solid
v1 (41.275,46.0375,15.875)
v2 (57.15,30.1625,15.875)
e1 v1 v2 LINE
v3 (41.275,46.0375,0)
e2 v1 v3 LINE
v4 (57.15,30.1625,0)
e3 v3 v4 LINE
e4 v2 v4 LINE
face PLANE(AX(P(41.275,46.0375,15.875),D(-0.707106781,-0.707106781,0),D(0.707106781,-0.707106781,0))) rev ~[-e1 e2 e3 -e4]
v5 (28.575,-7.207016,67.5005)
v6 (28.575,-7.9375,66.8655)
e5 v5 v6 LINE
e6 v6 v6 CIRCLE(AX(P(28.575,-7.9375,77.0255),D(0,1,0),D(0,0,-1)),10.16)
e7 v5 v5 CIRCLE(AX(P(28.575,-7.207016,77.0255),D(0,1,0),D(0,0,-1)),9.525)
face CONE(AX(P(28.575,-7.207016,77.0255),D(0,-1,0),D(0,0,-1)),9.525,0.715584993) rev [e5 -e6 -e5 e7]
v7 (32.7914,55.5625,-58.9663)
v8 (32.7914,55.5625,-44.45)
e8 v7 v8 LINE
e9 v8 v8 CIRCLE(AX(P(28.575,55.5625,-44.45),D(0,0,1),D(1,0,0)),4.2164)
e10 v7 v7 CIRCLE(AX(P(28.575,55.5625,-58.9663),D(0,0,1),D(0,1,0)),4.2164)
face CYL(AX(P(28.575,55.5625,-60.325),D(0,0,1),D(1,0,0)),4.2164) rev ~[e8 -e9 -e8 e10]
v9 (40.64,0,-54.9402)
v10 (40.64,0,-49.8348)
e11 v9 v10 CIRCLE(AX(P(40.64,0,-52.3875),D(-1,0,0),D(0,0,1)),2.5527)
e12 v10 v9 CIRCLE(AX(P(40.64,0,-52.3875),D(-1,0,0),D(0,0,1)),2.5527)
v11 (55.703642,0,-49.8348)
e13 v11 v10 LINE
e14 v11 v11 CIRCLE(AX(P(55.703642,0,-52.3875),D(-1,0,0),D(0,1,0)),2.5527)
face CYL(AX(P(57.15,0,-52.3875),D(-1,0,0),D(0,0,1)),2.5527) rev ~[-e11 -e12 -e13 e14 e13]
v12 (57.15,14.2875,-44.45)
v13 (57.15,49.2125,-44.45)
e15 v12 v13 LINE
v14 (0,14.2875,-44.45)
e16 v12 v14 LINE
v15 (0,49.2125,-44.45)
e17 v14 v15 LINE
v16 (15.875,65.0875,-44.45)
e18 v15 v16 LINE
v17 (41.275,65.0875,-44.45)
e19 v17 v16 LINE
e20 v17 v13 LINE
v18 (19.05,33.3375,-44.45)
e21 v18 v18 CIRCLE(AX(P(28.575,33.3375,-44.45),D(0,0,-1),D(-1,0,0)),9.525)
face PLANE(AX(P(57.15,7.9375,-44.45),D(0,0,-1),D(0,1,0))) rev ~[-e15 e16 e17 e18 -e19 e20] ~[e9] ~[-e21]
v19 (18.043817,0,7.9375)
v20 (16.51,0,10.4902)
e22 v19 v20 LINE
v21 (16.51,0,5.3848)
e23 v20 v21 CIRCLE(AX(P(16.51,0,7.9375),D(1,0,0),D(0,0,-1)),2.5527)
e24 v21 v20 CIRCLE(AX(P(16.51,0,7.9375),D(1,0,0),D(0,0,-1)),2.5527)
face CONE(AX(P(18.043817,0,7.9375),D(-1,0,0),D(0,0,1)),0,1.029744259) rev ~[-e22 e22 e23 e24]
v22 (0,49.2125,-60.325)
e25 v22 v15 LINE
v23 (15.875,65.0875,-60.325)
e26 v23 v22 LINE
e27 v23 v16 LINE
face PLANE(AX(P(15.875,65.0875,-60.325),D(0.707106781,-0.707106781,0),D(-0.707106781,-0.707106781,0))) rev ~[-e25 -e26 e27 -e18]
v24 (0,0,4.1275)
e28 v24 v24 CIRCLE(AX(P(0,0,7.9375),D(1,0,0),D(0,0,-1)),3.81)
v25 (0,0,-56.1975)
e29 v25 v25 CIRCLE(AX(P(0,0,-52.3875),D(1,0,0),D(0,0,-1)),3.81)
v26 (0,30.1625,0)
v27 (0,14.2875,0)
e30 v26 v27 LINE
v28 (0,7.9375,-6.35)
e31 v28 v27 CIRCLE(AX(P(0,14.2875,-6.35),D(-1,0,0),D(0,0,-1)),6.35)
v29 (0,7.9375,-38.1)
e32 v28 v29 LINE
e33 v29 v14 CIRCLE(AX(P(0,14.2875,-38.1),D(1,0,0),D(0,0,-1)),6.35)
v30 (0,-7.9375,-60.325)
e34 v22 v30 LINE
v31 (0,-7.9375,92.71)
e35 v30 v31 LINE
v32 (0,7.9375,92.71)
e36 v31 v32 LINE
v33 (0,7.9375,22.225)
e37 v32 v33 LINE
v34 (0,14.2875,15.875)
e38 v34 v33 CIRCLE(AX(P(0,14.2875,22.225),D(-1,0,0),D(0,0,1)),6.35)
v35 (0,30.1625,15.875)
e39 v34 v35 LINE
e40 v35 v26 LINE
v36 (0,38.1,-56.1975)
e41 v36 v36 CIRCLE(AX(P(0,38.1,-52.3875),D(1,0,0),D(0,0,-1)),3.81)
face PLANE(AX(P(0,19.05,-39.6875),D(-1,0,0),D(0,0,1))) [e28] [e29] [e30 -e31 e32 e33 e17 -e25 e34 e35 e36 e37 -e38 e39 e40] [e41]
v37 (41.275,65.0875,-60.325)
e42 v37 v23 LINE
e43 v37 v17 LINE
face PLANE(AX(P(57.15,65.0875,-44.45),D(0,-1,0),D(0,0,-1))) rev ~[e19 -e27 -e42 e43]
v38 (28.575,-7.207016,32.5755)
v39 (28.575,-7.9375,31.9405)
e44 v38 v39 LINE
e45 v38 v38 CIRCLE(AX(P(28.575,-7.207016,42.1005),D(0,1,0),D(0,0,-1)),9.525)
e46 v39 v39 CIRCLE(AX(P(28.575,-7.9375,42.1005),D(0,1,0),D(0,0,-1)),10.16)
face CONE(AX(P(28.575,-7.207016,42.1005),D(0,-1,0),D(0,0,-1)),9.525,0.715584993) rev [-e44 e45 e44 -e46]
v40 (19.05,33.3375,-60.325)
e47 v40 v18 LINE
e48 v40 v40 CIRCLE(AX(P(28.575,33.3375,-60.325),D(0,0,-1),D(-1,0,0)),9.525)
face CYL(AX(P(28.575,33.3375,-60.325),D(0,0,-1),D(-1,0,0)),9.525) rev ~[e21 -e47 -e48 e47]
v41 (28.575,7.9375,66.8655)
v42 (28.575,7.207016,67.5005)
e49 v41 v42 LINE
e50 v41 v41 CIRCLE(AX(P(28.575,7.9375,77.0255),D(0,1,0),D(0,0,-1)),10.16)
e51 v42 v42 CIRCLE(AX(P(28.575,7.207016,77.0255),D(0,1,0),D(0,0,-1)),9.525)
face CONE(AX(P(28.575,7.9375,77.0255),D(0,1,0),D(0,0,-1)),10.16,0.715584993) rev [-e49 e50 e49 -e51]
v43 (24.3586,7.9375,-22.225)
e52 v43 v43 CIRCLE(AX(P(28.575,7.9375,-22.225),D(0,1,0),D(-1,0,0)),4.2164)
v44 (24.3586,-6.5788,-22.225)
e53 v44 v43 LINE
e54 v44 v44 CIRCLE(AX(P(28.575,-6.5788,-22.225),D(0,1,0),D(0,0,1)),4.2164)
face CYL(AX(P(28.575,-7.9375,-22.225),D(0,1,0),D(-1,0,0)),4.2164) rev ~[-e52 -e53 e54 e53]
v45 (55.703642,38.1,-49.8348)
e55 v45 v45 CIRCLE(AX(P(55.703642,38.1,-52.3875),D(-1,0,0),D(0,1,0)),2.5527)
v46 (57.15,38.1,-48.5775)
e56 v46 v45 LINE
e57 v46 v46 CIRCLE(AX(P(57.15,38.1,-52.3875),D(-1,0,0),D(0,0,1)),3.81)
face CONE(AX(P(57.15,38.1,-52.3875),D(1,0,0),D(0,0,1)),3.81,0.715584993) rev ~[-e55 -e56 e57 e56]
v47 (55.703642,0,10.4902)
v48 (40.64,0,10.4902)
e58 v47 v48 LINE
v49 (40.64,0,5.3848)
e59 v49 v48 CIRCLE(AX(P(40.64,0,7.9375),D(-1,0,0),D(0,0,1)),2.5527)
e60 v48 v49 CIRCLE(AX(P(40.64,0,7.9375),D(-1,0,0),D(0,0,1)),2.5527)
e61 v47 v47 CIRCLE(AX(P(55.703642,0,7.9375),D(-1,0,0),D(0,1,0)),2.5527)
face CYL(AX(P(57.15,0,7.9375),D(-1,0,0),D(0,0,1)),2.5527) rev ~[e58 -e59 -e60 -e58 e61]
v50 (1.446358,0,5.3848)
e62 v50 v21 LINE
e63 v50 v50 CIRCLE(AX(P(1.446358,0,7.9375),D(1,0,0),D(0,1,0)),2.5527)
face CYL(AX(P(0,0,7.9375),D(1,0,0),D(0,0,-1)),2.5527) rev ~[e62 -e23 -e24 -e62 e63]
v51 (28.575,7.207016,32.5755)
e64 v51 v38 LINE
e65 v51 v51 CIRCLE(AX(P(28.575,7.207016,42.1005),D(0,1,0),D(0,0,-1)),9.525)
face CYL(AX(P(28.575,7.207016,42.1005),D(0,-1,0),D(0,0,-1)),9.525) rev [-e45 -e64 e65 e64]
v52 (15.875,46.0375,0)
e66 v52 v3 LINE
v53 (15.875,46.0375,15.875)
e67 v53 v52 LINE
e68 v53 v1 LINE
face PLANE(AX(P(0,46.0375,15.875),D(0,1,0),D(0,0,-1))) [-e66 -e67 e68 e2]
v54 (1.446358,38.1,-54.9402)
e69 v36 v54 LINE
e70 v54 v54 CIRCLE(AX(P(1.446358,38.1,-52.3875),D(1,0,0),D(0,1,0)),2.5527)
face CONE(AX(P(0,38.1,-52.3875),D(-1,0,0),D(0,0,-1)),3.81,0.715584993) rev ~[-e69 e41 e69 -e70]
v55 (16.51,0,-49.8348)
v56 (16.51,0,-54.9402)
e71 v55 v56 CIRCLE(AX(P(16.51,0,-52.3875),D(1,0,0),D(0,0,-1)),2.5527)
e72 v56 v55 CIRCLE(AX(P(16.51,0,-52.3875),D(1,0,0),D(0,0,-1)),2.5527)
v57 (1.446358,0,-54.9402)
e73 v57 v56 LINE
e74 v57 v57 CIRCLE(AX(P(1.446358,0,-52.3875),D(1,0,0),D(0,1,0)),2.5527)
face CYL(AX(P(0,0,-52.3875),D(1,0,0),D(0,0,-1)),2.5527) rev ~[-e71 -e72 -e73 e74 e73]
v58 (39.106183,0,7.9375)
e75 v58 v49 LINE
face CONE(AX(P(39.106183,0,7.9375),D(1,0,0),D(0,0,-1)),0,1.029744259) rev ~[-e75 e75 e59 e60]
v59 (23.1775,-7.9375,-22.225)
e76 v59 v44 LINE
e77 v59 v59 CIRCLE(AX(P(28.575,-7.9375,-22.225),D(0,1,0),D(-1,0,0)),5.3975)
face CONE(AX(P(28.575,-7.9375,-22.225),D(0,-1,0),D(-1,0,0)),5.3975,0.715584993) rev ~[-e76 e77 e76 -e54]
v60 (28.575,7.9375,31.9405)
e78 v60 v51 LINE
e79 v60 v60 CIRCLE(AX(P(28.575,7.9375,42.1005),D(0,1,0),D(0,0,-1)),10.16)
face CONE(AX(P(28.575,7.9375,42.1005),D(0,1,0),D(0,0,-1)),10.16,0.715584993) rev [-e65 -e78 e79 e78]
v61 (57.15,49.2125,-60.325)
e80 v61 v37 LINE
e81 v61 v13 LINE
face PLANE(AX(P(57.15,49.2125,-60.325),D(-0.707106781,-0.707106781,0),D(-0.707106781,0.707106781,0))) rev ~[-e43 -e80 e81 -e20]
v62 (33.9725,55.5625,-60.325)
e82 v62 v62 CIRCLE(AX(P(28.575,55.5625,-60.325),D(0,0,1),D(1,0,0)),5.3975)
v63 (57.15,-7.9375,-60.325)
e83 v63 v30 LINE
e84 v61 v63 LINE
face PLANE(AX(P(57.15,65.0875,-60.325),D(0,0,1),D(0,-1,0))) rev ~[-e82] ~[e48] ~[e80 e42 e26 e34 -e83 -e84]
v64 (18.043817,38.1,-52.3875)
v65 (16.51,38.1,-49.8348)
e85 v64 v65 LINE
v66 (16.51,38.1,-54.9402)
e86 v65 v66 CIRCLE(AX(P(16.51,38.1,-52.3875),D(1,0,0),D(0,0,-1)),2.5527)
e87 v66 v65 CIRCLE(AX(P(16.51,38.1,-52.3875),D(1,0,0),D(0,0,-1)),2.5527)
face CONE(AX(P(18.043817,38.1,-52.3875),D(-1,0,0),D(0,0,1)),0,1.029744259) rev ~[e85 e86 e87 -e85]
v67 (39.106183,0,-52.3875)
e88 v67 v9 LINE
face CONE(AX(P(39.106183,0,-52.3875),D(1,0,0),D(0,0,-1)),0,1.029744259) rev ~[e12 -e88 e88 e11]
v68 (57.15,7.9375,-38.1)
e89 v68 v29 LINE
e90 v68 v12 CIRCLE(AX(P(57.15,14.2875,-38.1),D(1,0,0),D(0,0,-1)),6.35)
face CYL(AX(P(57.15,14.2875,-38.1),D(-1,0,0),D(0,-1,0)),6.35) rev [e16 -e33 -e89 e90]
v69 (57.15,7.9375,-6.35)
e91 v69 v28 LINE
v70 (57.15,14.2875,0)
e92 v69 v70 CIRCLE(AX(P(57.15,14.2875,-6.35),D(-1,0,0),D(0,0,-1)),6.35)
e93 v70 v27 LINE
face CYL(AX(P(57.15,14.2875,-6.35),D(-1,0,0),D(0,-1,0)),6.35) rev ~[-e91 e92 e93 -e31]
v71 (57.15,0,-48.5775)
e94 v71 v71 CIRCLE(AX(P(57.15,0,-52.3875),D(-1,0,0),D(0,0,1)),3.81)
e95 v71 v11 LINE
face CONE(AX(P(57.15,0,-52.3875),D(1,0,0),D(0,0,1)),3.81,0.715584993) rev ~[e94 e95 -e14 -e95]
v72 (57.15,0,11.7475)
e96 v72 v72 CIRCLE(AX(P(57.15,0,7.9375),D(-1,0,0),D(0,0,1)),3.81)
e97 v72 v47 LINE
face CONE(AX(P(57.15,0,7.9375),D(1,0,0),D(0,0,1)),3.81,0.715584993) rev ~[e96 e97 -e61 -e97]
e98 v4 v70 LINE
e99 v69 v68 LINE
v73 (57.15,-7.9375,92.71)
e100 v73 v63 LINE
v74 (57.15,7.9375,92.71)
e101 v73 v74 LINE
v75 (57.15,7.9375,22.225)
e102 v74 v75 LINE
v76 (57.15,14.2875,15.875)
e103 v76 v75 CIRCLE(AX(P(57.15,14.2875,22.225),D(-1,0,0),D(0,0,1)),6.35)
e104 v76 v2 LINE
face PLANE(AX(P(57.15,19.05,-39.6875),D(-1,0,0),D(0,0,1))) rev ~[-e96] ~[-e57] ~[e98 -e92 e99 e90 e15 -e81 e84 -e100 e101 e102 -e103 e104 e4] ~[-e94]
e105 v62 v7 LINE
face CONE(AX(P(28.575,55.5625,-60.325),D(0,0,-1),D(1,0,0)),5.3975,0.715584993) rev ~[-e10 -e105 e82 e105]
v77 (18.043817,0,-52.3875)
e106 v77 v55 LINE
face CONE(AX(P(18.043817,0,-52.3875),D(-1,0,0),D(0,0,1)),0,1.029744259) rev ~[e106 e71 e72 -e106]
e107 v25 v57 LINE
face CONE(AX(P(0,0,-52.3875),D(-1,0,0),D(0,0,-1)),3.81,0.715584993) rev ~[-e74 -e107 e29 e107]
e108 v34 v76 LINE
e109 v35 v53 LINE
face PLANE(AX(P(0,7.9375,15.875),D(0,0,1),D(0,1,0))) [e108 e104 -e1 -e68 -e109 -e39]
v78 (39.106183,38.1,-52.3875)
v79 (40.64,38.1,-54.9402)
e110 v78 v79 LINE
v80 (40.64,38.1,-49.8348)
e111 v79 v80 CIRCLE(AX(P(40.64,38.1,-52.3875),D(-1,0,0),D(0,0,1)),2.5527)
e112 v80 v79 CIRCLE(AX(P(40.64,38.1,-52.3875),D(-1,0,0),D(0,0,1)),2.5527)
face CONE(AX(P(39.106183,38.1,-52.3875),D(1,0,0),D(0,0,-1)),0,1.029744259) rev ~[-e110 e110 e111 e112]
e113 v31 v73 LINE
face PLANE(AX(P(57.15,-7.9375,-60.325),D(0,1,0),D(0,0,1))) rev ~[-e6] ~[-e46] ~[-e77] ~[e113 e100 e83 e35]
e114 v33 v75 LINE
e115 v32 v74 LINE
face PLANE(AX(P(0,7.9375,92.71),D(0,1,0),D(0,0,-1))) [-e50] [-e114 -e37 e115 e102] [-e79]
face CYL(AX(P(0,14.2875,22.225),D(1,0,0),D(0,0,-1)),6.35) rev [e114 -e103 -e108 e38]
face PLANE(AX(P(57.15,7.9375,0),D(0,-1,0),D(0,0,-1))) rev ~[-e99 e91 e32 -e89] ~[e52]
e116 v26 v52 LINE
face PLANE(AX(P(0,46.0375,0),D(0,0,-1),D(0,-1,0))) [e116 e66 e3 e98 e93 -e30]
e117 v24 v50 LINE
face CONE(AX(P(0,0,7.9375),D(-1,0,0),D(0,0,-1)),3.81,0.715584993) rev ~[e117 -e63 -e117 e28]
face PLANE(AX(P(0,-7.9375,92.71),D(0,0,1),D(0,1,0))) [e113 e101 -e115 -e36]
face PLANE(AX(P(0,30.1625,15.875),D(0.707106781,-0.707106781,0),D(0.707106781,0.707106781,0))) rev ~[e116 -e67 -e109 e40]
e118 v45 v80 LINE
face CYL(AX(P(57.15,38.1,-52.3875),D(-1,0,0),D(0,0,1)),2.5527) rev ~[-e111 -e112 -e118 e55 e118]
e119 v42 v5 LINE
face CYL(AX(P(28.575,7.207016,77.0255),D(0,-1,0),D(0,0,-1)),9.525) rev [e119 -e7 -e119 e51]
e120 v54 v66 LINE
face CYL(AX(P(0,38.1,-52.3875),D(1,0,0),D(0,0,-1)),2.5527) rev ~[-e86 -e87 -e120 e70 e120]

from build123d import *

# Parameters (mm, degrees)
EXTRUDE4_DEPTH                    = 57.15
EXTRUDE7_DEPTH                    = 57.15
CUT_EXTRUDE2_REACH                = 155.035
SKETCH10_R                        = 9.525
F_3_8_24_TAPPED_HOLE1_D           = 8.4328
F_3_8_24_TAPPED_HOLE1_DEPTH       = 15.875
F_3_8_24_TAPPED_HOLE1_CSINK_D     = 10.795
F_3_8_24_TAPPED_HOLE1_CSINK_ANGLE = 82
F_3_8_24_TAPPED_HOLE2_D           = 8.4328
F_3_8_24_TAPPED_HOLE2_DEPTH       = 15.875
F_3_8_24_TAPPED_HOLE2_CSINK_D     = 10.795
F_3_8_24_TAPPED_HOLE2_CSINK_ANGLE = 82
F_1_4_20_TAPPED_HOLE1_D           = 5.1054
F_1_4_20_TAPPED_HOLE1_DEPTH       = 16.51
F_1_4_20_TAPPED_HOLE1_CSINK_D     = 7.62
F_1_4_20_TAPPED_HOLE1_CSINK_ANGLE = 82
F_1_4_20_TAPPED_HOLE1_TIP         = 1.533816902
F_1_4_20_TAPPED_HOLE2_D           = 5.1054
F_1_4_20_TAPPED_HOLE2_DEPTH       = 16.51
F_1_4_20_TAPPED_HOLE2_CSINK_D     = 7.62
F_1_4_20_TAPPED_HOLE2_CSINK_ANGLE = 82
F_1_4_20_TAPPED_HOLE2_TIP         = 1.533816902
CUT_EXTRUDE3_REACH                = 155.035
F_1_2_CLEARANCE_HOLE1_AT_2_COUNT  = 2
F_1_2_CLEARANCE_HOLE1_AT_2_PITCH  = 34.925
CUT_EXTRUDE4_REACH                = 78.2
FILLET4_R                         = 6.35


with BuildPart() as part:
    # Sketch5 → Extrude4 (new body)
    with BuildSketch(Plane(origin=(0, 0, 0), x_dir=(0, 0, -1), z_dir=(1, 0, 0))):
        Polygon((0, 46.0375), (0, -7.9375), (-92.71, -7.9375), (-92.71, 7.9375), (-15.875, 7.9375), (-15.875, 46.0375), align=None)
    extrude(amount=EXTRUDE4_DEPTH)

    # Sketch9 → Extrude7 (add)
    with BuildSketch(Plane(origin=(57.15, 0, 0), x_dir=(0, 0, -1), z_dir=(1, 0, 0))):
        Polygon((0, 7.9375), (44.45, 7.9375), (44.45, 65.0875), (60.325, 65.0875), (60.325, -7.9375), (0, -7.9375), align=None)
    extrude(amount=-EXTRUDE7_DEPTH)

    # Sketch10 → Cut-Extrude2 (cut, up to next)
    with BuildSketch(Plane(origin=(0, 0, -60.325), x_dir=(-1, 0, 0), z_dir=(0, 0, -1)), mode=Mode.PRIVATE) as cut_extrude2_sk1:
        with Locations((-28.575, 33.3375)):
            Circle(SKETCH10_R)
    cut_extrude2_tool1 = extrude(cut_extrude2_sk1.sketch, amount=-CUT_EXTRUDE2_REACH, mode=Mode.PRIVATE) & part.part
    add(cut_extrude2_tool1.solids().sort_by_distance((28.575, 33.3375, -60.325))[0], mode=Mode.SUBTRACT)

    # 3/8-24 Tapped Hole1
    with Locations(Plane(origin=(0, 0, -60.325), x_dir=(-1, 0, 0), z_dir=(0, 0, -1))):
        with Locations((-28.575, 55.5625)):
            CounterSinkHole(F_3_8_24_TAPPED_HOLE1_D / 2, F_3_8_24_TAPPED_HOLE1_CSINK_D / 2, depth=F_3_8_24_TAPPED_HOLE1_DEPTH, counter_sink_angle=F_3_8_24_TAPPED_HOLE1_CSINK_ANGLE)

    # 3/8-24 Tapped Hole2
    with Locations(Plane.XZ.offset(7.9375)):
        with Locations((28.575, -22.225)):
            CounterSinkHole(F_3_8_24_TAPPED_HOLE2_D / 2, F_3_8_24_TAPPED_HOLE2_CSINK_D / 2, depth=F_3_8_24_TAPPED_HOLE2_DEPTH, counter_sink_angle=F_3_8_24_TAPPED_HOLE2_CSINK_ANGLE)

    # 1/4-20 Tapped Hole1
    with Locations(Plane.ZY):
        with Locations((-52.3875, 0), (7.9375, 0), (-52.3875, 38.1)):
            CounterSinkHole(F_1_4_20_TAPPED_HOLE1_D / 2, F_1_4_20_TAPPED_HOLE1_CSINK_D / 2, depth=F_1_4_20_TAPPED_HOLE1_DEPTH, counter_sink_angle=F_1_4_20_TAPPED_HOLE1_CSINK_ANGLE)
            with Locations((0, 0, -(F_1_4_20_TAPPED_HOLE1_DEPTH + F_1_4_20_TAPPED_HOLE1_TIP / 2))):  # 118° drill point
                Cone(0, F_1_4_20_TAPPED_HOLE1_D / 2, F_1_4_20_TAPPED_HOLE1_TIP, mode=Mode.SUBTRACT)

    # 1/4-20 Tapped Hole2
    with Locations(Plane(origin=(57.15, 0, 0), x_dir=(0, 0, -1), z_dir=(1, 0, 0))):
        with Locations((52.3875, 0), (-7.9375, 0), (52.3875, 38.1)):
            CounterSinkHole(F_1_4_20_TAPPED_HOLE2_D / 2, F_1_4_20_TAPPED_HOLE2_CSINK_D / 2, depth=F_1_4_20_TAPPED_HOLE2_DEPTH, counter_sink_angle=F_1_4_20_TAPPED_HOLE2_CSINK_ANGLE)
            with Locations((0, 0, -(F_1_4_20_TAPPED_HOLE2_DEPTH + F_1_4_20_TAPPED_HOLE2_TIP / 2))):  # 118° drill point
                Cone(0, F_1_4_20_TAPPED_HOLE2_D / 2, F_1_4_20_TAPPED_HOLE2_TIP, mode=Mode.SUBTRACT)

    # Sketch19 → Cut-Extrude3 (cut, up to next)
    with BuildSketch(Plane(origin=(0, 0, -60.325), x_dir=(-1, 0, 0), z_dir=(0, 0, -1)), mode=Mode.PRIVATE) as cut_extrude3_sk1:
        Polygon((-57.15, 49.2125), (-41.275, 65.0875), (-57.15, 65.0875), align=None)
    cut_extrude3_tool1 = extrude(cut_extrude3_sk1.sketch, amount=-CUT_EXTRUDE3_REACH, mode=Mode.PRIVATE) & part.part
    add(cut_extrude3_tool1.solids().sort_by_distance((51.858333, 59.795833, -60.325))[0], mode=Mode.SUBTRACT)
    # Sketch19 → Cut-Extrude3 (cut, up to next)
    with BuildSketch(Plane(origin=(0, 0, -60.325), x_dir=(-1, 0, 0), z_dir=(0, 0, -1)), mode=Mode.PRIVATE) as cut_extrude3_sk2:
        Polygon((0, 49.2125), (0, 65.0875), (-15.875, 65.0875), align=None)
    cut_extrude3_tool2 = extrude(cut_extrude3_sk2.sketch, amount=-CUT_EXTRUDE3_REACH, mode=Mode.PRIVATE) & part.part
    add(cut_extrude3_tool2.solids().sort_by_distance((5.291667, 59.795833, -60.325))[0], mode=Mode.SUBTRACT)

    # Sketch22 → 1/2 Clearance Hole1 (revolve, cut)
    with BuildSketch(Plane(origin=(28.575, -7.9375, 77.0255), x_dir=(0, 0, -1), z_dir=(1, 0, 0))):
        Polygon((0, 0), (0, 15.875), (10.16, 15.875), (9.525, 15.144516061), (9.525, 0.730483939), (10.16, 0), align=None)
    f_1_2_clearance_hole1 = revolve(axis=Axis((28.575, -14.2875, 77.0255), (0, 1, 0)), mode=Mode.SUBTRACT)

    # 1/2 Clearance Hole1 at 2: 1/2 Clearance Hole1 ×2
    with Locations(*[(0, 0, -i * F_1_2_CLEARANCE_HOLE1_AT_2_PITCH) for i in range(1, F_1_2_CLEARANCE_HOLE1_AT_2_COUNT)]):
        add(f_1_2_clearance_hole1, mode=Mode.SUBTRACT)

    # Sketch24 → Cut-Extrude4 (cut, up to next)
    with BuildSketch(Plane.XY.offset(15.875), mode=Mode.PRIVATE) as cut_extrude4_sk1:
        Polygon((0, 30.1625), (15.875, 46.0375), (0, 46.0375), align=None)
    cut_extrude4_tool1 = extrude(cut_extrude4_sk1.sketch, amount=-CUT_EXTRUDE4_REACH, mode=Mode.PRIVATE) & part.part
    add(cut_extrude4_tool1.solids().sort_by_distance((5.291667, 40.745833, 15.875))[0], mode=Mode.SUBTRACT)
    # Sketch24 → Cut-Extrude4 (cut, up to next)
    with BuildSketch(Plane.XY.offset(15.875), mode=Mode.PRIVATE) as cut_extrude4_sk2:
        Polygon((57.15, 30.1625), (57.15, 46.0375), (41.275, 46.0375), align=None)
    cut_extrude4_tool2 = extrude(cut_extrude4_sk2.sketch, amount=-CUT_EXTRUDE4_REACH, mode=Mode.PRIVATE) & part.part
    add(cut_extrude4_tool2.solids().sort_by_distance((51.858333, 40.745833, 15.875))[0], mode=Mode.SUBTRACT)

    # Fillet4
    fillet4_edges = [part.edges().sort_by_distance(p)[0] for p in [
        (28.575, 7.9375, 0),
        (28.575, 7.9375, -44.45),
        (28.575, 7.9375, 15.875),
    ]]
    fillet(fillet4_edges, radius=FILLET4_R)


solid = part.part
